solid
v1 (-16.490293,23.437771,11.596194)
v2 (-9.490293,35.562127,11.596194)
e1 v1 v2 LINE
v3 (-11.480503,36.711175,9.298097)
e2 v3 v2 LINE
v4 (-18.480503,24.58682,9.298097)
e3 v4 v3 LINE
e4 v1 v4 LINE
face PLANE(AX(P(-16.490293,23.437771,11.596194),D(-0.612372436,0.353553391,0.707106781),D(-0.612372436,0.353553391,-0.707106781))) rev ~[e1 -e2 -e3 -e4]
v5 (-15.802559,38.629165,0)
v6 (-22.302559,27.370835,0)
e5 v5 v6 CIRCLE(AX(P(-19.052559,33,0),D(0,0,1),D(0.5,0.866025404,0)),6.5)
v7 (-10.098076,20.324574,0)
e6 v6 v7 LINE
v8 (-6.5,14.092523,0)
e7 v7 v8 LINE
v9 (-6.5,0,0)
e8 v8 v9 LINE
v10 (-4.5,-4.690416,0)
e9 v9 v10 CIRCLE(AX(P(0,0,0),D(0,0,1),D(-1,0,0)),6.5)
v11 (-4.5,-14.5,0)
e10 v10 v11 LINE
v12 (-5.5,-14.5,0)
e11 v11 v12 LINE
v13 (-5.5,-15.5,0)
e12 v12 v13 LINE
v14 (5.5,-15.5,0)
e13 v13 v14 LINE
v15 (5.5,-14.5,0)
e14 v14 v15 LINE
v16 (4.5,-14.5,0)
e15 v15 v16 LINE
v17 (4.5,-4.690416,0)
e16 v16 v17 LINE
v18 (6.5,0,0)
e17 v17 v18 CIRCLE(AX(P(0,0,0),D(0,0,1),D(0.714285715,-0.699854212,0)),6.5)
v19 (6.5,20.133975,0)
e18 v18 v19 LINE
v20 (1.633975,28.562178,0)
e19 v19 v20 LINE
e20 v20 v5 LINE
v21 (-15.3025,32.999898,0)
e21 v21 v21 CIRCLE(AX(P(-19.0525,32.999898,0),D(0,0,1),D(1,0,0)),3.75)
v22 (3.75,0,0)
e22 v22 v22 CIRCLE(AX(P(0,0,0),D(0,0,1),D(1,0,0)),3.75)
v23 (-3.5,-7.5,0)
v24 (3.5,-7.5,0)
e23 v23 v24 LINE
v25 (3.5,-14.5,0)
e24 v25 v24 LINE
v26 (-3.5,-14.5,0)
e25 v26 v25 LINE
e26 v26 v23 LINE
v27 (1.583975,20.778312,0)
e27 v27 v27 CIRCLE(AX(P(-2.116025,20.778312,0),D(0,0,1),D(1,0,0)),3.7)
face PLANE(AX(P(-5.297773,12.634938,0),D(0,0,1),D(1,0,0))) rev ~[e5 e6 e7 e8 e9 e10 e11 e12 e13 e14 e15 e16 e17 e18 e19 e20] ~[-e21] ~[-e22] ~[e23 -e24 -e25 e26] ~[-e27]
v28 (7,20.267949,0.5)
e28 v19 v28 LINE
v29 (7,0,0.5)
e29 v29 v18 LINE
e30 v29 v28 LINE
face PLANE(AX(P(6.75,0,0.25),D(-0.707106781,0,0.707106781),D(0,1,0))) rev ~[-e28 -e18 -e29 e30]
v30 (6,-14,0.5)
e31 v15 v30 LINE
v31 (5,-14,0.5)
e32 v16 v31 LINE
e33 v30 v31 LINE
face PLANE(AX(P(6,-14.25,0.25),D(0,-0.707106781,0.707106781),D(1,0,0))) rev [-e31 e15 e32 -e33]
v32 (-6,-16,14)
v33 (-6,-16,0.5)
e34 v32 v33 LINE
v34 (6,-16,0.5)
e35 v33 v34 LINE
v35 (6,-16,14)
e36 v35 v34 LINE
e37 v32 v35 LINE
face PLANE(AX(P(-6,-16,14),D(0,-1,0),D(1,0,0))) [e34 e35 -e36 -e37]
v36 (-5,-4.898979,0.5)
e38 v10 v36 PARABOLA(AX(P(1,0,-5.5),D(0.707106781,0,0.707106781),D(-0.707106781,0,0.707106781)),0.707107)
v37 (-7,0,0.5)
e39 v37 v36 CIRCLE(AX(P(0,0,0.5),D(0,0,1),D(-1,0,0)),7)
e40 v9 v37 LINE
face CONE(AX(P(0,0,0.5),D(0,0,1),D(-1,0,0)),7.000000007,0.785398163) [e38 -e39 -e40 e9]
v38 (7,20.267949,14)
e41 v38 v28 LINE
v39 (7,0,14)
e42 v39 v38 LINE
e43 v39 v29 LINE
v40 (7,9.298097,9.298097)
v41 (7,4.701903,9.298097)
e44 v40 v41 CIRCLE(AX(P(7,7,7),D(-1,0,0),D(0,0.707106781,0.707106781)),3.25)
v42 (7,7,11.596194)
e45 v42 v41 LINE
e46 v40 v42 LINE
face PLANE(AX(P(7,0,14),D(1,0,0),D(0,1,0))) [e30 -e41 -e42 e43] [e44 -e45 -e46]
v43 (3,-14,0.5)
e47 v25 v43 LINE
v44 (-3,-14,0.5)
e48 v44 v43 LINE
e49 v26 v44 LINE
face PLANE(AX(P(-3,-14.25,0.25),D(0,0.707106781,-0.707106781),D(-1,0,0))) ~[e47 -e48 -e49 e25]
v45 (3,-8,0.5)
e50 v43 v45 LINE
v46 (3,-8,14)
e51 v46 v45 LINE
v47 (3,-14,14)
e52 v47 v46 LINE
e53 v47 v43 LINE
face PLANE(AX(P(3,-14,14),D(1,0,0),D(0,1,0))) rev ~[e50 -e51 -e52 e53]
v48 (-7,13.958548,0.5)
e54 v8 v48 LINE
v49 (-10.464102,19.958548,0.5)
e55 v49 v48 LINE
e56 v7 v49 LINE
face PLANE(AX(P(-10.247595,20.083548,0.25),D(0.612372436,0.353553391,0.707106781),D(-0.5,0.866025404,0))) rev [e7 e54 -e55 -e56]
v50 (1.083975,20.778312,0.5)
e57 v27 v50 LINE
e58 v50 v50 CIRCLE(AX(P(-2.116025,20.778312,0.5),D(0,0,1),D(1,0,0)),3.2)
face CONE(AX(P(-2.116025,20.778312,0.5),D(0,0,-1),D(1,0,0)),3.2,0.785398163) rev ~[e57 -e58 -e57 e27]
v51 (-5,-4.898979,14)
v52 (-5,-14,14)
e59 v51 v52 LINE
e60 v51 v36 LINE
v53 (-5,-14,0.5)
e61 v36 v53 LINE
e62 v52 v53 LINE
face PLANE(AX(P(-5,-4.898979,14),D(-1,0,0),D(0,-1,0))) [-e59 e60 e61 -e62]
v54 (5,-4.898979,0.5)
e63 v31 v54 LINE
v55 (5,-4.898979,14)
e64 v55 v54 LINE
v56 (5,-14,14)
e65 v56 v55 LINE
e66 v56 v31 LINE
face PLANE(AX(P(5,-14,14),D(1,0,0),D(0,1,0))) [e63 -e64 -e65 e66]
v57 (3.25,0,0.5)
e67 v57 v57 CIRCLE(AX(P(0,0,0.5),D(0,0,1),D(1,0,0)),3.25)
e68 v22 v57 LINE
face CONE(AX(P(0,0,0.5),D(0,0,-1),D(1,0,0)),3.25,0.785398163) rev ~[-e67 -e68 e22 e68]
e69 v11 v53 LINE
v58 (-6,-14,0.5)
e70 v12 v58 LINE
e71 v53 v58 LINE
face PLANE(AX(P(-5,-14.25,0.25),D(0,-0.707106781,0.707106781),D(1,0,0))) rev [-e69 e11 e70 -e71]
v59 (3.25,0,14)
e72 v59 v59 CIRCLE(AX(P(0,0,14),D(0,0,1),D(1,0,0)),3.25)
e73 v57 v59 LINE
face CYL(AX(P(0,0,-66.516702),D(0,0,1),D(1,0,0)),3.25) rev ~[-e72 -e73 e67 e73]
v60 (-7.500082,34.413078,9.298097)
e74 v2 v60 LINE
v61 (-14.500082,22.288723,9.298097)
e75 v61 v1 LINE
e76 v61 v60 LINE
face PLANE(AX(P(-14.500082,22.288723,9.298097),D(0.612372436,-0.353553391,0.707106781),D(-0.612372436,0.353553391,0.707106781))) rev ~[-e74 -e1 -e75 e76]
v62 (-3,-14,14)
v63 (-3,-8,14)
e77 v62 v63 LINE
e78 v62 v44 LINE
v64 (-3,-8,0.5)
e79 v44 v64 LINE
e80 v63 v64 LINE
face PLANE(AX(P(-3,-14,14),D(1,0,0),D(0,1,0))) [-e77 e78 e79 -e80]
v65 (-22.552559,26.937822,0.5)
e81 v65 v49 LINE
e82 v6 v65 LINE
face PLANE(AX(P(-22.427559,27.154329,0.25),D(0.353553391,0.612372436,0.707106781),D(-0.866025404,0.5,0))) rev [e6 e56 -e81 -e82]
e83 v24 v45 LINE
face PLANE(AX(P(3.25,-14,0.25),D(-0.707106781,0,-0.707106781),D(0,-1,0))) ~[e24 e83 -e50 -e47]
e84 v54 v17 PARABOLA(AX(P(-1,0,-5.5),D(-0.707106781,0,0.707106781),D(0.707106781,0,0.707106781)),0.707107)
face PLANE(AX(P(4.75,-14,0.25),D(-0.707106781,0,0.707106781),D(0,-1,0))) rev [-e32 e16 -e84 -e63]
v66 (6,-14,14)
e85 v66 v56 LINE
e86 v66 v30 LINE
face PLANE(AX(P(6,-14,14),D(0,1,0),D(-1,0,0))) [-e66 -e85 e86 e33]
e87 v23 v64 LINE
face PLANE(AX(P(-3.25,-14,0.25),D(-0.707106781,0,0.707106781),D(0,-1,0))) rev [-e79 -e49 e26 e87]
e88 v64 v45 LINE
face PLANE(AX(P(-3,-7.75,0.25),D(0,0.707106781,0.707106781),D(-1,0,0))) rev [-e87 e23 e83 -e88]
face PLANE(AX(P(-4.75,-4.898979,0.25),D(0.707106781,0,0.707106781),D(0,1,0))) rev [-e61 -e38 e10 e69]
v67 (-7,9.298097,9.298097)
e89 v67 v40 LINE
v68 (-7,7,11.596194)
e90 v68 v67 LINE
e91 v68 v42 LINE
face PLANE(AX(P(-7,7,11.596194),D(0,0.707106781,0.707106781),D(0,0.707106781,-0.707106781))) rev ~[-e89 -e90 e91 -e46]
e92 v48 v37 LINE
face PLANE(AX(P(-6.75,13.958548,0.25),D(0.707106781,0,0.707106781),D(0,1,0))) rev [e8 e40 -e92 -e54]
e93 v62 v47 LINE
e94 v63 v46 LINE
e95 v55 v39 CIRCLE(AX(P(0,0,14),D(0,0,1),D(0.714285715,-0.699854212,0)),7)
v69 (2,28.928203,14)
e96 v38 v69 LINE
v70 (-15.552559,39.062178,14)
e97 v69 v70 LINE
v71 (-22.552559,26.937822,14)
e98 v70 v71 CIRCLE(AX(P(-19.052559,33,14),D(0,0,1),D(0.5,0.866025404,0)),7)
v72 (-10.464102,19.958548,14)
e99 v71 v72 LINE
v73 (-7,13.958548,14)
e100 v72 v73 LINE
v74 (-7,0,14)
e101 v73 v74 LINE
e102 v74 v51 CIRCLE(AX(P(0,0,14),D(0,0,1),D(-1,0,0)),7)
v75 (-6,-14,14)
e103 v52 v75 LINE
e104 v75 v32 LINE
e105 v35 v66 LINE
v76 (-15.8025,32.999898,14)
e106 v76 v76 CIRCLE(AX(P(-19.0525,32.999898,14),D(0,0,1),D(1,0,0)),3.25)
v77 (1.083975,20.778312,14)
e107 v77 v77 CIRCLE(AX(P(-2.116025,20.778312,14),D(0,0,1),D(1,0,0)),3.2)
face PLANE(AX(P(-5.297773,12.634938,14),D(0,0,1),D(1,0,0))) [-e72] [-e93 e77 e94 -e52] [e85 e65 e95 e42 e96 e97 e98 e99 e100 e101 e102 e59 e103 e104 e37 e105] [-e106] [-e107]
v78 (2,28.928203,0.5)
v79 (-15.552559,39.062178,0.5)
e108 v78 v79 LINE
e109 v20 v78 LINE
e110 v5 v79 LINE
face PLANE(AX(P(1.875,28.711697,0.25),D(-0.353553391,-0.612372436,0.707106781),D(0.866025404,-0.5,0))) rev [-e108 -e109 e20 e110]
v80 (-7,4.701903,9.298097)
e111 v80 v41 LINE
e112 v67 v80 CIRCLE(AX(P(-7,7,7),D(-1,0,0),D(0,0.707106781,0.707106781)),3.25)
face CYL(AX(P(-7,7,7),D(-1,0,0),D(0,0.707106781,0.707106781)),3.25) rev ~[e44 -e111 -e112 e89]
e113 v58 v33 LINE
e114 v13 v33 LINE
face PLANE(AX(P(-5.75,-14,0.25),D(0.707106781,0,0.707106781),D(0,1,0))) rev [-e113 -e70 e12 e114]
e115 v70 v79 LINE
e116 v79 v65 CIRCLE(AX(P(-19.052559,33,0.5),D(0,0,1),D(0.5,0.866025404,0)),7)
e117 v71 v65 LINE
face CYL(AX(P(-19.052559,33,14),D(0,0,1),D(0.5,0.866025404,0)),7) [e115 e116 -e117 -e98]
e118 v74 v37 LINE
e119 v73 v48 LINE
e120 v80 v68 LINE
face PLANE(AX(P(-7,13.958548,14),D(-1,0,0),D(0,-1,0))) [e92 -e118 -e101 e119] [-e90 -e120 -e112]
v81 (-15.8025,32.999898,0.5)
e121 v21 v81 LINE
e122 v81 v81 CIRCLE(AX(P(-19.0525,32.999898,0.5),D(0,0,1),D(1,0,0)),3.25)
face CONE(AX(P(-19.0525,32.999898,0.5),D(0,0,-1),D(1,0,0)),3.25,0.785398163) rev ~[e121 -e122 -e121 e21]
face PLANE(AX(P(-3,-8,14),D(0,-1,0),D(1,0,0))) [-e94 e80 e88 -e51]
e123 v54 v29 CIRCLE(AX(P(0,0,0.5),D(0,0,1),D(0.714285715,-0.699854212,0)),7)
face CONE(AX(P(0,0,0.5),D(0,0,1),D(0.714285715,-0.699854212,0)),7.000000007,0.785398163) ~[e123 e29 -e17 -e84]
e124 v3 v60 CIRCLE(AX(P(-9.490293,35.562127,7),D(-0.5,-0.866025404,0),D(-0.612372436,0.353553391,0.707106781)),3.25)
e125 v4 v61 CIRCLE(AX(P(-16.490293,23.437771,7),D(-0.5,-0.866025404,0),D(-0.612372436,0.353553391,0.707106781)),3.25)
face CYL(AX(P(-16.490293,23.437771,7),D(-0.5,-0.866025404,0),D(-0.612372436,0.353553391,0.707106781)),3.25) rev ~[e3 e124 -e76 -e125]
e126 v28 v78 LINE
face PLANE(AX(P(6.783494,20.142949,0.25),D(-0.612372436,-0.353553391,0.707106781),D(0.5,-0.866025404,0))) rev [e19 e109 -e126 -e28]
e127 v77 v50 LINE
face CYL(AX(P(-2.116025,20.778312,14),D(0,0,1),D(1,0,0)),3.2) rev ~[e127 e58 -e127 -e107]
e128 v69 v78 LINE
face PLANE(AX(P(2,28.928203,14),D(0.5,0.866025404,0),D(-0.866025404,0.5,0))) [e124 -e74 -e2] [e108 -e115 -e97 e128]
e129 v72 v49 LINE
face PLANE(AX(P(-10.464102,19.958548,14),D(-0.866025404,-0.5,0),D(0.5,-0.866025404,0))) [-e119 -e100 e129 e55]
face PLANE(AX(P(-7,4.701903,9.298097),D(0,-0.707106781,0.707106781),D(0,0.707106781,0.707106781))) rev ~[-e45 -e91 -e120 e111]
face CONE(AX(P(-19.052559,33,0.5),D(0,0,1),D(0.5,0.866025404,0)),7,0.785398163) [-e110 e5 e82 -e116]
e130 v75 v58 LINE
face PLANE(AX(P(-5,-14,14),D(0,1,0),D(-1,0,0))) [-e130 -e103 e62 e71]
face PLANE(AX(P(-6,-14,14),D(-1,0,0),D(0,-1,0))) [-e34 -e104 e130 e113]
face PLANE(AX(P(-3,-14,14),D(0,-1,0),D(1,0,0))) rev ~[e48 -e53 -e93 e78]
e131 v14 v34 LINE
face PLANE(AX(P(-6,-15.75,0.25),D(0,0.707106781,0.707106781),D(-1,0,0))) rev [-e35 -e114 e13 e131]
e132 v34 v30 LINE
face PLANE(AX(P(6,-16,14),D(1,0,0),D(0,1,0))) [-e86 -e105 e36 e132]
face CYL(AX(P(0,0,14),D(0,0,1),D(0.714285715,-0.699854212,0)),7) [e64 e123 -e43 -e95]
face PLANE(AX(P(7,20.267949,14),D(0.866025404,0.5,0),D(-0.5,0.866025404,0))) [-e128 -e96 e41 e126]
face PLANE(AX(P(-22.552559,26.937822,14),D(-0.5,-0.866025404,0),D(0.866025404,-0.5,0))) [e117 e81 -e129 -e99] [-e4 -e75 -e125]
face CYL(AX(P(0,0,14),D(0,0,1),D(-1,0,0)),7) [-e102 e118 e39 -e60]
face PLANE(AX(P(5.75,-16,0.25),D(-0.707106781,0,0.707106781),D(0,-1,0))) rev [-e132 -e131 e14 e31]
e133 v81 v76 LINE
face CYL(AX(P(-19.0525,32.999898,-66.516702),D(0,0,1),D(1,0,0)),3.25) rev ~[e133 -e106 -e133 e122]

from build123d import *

# Parameters (mm, degrees)
SKETCH1_W           = 6
SKETCH1_H           = 6
BOSS_EXTRUDE1_DEPTH = 14
HOLE2_D             = 6.5
HOLE1_D             = 6.5
CUT_EXTRUDE2_DEPTH  = 47.465040622
CUT_EXTRUDE1_DEPTH  = 46.814563472
SKETCH8_R           = 3.2
CUT_EXTRUDE3_DEPTH  = 50.746716719
CHAMFER1_SIZE       = 0.5


with BuildPart() as part:
    # Sketch1 → Boss-Extrude1 (new body)
    with BuildSketch(Plane.XY.offset(14)):
        with BuildLine():
            Line((7, 0), (7, 20.267949192))
            Line((7, 20.267949192), (2, 28.92820323))
            Line((2, 28.92820323), (-15.552558883, 39.062177826))
            ThreePointArc((-15.552558883, 39.062177826), (-25.11473671, 36.5), (-22.552558883, 26.937822174))
            Line((-22.552558883, 26.937822174), (-10.464101615, 19.958548116))
            Line((-10.464101615, 19.958548116), (-7, 13.958548116))
            Line((-7, 13.958548116), (-7, 0))
            ThreePointArc((-7, 0), (-6.480740698, -2.645751311), (-5, -4.898979486))
            Line((-5, -4.898979486), (-5, -14))
            Line((-5, -14), (-6, -14))
            Line((-6, -14), (-6, -16))
            Line((-6, -16), (6, -16))
            Line((6, -16), (6, -14))
            Line((6, -14), (5, -14))
            Line((5, -14), (5, -4.898979486))
            ThreePointArc((5, -4.898979486), (6.480740698, -2.645751311), (7, 0))
        make_face()
        with Locations((0, -11)):
            Rectangle(SKETCH1_W, SKETCH1_H, mode=Mode.SUBTRACT)
    extrude(amount=-BOSS_EXTRUDE1_DEPTH)

    # Hole2 (through all)
    with Locations(Plane(origin=(0, 0, 0), x_dir=(-1, 0, 0), z_dir=(0, 0, -1))):
        with Locations((19.0525, 32.999898011)):
            Hole(HOLE2_D / 2)

    # Hole1 (through all)
    with Locations(Plane(origin=(0, 0, 0), x_dir=(-1, 0, 0), z_dir=(0, 0, -1))):
        with Locations((0, 0)):
            Hole(HOLE1_D / 2)

    # Sketch3 → Cut-Extrude2 (cut, through all)
    with BuildSketch(Plane.ZY.offset(7)):
        with BuildLine():
            Line((9.298097039, 4.701902961), (11.596194078, 7))
            Line((11.596194078, 7), (9.298097039, 9.298097039))
            ThreePointArc((9.298097039, 9.298097039), (3.75, 7), (9.298097039, 4.701902961))
        make_face()
    extrude(amount=-CUT_EXTRUDE2_DEPTH, mode=Mode.SUBTRACT)

    # Sketch2 → Cut-Extrude1 (cut, through all)
    with BuildSketch(Plane(origin=(6.026279442, 10.437822174, 0), x_dir=(0.8660254037844398, -0.49999999999999806, 0), z_dir=(-0.499999999999998, -0.8660254037844397, 0))):
        with BuildLine():
            Line((-25.999898011, 11.596194078), (-28.29799505, 9.298097039))
            ThreePointArc((-28.29799505, 9.298097039), (-25.999898011, 3.75), (-23.701800972, 9.298097039))
            Line((-23.701800972, 9.298097039), (-25.999898011, 11.596194078))
        make_face()
    extrude(amount=-CUT_EXTRUDE1_DEPTH, mode=Mode.SUBTRACT)

    # Sketch8 → Cut-Extrude3 (cut, through all)
    with BuildSketch(Plane.XY.offset(14)):
        with Locations((-2.116025404, 20.778312164)):
            Circle(SKETCH8_R)
    extrude(amount=-CUT_EXTRUDE3_DEPTH, mode=Mode.SUBTRACT)

    # Chamfer1
    chamfer1_edges = [part.edges().sort_by_distance(p)[0] for p in [
        (4.5, 24.598076211, 0),
        (-6.776279442, 33.995190528, 0),
        (-25.11473671, 36.5, 0),
        (-16.508330249, 23.448185145, 0),
        (-8.732050808, 16.958548116, 0),
        (-7, 6.979274058, 0),
        (-6.480740698, -2.645751311, 0),
        (-5, -9.449489743, 0),
        (-5.5, -14, 0),
        (-6, -15, 0),
        (6.480740698, -2.645751311, 0),
        (0, -16, 0),
        (-3, -11, 0),
        (0, -8, 0),
        (3, -11, 0),
        (0, -14, 0),
        (6, -15, 0),
        (5.5, -14, 0),
        (5, -9.449489743, 0),
        (-22.3025, 32.999898011, 0),
        (-3.25, 0, 0),
        (7, 10.133974596, 0),
        (-5.316025404, 20.778312164, 0),
    ]]
    chamfer(chamfer1_edges, length=CHAMFER1_SIZE)


solid = part.part
